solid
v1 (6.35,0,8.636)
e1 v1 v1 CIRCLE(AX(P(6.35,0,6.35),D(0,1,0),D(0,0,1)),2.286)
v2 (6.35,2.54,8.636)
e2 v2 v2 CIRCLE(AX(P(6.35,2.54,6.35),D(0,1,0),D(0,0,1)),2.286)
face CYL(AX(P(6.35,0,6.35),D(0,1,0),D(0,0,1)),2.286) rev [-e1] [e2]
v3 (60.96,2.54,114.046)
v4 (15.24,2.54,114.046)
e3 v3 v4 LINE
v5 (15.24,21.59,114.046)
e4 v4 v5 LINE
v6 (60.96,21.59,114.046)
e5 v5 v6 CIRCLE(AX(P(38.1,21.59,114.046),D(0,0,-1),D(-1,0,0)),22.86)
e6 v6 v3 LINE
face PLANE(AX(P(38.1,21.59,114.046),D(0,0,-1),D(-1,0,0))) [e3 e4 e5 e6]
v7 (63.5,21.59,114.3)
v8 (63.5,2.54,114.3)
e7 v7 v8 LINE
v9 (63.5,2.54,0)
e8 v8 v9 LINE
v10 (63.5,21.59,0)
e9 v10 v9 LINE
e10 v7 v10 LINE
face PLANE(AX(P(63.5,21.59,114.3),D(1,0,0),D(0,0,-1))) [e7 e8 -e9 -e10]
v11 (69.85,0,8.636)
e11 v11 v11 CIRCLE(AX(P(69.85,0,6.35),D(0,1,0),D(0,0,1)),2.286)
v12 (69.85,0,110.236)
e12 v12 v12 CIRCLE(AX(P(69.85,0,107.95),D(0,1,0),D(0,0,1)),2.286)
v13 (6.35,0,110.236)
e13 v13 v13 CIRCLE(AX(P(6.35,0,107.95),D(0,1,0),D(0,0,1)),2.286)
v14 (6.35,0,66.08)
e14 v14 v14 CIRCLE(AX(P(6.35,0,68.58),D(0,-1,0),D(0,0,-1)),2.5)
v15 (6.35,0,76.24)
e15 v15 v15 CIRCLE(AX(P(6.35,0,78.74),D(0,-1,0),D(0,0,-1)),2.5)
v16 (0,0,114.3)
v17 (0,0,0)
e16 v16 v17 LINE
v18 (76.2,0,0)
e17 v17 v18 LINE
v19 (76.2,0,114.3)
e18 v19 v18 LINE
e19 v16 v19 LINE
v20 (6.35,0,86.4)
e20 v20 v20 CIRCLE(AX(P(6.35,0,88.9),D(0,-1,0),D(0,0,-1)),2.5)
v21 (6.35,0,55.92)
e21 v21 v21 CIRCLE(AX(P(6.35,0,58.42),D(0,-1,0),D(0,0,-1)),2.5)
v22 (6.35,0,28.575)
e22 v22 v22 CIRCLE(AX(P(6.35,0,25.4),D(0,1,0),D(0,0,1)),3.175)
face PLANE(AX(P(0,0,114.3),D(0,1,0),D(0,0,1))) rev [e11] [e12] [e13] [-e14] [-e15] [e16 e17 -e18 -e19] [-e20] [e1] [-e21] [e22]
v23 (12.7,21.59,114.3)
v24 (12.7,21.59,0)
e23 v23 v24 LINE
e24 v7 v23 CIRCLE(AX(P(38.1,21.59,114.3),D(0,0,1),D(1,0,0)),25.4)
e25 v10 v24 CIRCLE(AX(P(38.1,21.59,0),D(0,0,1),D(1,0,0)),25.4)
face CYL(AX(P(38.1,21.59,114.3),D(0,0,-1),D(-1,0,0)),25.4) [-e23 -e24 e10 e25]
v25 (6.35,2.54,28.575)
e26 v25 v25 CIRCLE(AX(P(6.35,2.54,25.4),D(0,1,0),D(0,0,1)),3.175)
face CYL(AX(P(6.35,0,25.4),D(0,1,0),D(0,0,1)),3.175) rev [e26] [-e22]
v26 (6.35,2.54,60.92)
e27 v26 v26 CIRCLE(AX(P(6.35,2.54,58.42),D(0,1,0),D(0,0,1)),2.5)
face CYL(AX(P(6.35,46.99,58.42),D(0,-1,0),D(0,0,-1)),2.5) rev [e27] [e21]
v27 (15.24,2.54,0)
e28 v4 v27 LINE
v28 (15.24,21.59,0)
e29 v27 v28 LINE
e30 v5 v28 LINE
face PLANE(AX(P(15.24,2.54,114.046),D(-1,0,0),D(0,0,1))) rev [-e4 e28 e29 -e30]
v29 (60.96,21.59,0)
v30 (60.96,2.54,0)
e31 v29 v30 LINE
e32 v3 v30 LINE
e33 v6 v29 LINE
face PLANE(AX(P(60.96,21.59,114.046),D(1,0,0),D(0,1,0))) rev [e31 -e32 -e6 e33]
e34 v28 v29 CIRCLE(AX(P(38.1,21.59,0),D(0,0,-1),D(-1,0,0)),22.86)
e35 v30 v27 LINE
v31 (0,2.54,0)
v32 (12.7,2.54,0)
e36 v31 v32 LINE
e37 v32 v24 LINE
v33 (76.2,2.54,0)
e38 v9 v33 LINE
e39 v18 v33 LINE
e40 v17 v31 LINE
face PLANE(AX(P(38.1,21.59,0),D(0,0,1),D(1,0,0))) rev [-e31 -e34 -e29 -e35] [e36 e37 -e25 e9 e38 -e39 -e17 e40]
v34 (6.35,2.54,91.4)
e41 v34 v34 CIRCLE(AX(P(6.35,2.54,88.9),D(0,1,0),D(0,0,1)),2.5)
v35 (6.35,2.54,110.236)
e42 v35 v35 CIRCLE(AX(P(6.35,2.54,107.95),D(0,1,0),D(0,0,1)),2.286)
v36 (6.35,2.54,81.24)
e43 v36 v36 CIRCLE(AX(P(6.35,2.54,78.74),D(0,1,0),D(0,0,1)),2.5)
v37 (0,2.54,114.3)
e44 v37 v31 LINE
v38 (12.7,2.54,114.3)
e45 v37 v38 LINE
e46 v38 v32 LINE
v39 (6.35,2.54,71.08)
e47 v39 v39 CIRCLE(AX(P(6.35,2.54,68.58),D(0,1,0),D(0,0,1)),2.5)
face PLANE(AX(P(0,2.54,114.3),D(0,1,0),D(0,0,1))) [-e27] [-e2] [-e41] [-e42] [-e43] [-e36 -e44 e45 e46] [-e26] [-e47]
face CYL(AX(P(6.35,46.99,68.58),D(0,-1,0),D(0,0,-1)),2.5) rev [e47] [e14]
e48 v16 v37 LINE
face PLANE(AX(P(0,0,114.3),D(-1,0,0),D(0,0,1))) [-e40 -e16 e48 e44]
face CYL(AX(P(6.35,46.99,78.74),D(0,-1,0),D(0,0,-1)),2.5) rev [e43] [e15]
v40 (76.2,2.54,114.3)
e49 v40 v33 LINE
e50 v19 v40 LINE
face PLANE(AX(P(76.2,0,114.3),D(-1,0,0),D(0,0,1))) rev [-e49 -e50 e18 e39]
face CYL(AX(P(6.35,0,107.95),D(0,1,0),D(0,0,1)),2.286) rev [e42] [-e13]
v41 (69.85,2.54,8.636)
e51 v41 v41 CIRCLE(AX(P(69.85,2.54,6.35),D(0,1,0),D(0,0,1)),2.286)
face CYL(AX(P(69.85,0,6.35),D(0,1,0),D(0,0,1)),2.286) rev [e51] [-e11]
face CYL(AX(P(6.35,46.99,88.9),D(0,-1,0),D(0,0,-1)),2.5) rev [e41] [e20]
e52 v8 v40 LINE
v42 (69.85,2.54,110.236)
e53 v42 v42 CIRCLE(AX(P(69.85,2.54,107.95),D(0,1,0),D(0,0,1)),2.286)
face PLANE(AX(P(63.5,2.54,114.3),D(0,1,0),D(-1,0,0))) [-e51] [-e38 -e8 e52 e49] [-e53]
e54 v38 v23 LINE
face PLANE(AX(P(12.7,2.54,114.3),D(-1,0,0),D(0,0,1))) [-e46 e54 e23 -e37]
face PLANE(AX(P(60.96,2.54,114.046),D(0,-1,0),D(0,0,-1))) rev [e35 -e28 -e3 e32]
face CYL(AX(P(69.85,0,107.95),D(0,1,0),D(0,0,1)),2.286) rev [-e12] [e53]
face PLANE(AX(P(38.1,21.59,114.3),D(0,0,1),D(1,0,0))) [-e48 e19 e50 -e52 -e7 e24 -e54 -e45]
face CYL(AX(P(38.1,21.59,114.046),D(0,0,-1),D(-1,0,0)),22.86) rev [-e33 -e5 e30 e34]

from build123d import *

# Parameters (mm, degrees)
BOSS_EXTRUDE2_DEPTH = 114.3
SKETCH2_R           = 2.286
CUT_EXTRUDE1_DEPTH  = 145.383975911
CUT_EXTRUDE2_DEPTH  = 114.046
SKETCH5_R           = 2.499999953
CUT_EXTRUDE3_DEPTH  = 146.186053394
SKETCH7_R           = 3.175
CUT_EXTRUDE4_DEPTH  = 145.383975911


with BuildPart() as part:
    # Sketch1 → Boss-Extrude2 (new body)
    with BuildSketch(Plane.XY):
        with BuildLine():
            Line((0, 0), (76.2, 0))
            Line((76.2, 0), (76.2, 2.54))
            Line((76.2, 2.54), (63.5, 2.54))
            Line((63.5, 2.54), (63.5, 21.59))
            ThreePointArc((63.5, 21.59), (38.1, 46.99), (12.7, 21.59))
            Line((12.7, 21.59), (12.7, 2.54))
            Line((12.7, 2.54), (0, 2.54))
            Line((0, 2.54), (0, 0))
        make_face()
    extrude(amount=BOSS_EXTRUDE2_DEPTH)

    # Sketch2 → Cut-Extrude1 (cut, through all)
    with BuildSketch(Plane(origin=(0, 2.54, 0), x_dir=(1, 0, 0), z_dir=(0, 1, 0))):
        with Locations(Location((6.35, -6.35, 0), (0, 0, 270))):
            Circle(SKETCH2_R)
        with Locations(Location((69.85, -6.35, 0), (0, 0, 270))):
            Circle(SKETCH2_R)
        with Locations(Location((69.85, -107.95, 0), (0, 0, 270))):
            Circle(SKETCH2_R)
        with Locations(Location((6.35, -107.95, 0), (0, 0, 270))):
            Circle(SKETCH2_R)
    extrude(amount=-CUT_EXTRUDE1_DEPTH, mode=Mode.SUBTRACT)

    # Sketch4 → Cut-Extrude2 (cut)
    with BuildSketch(Plane(origin=(0, 0, 0), x_dir=(-1, 0, 0), z_dir=(0, 0, -1))):
        with BuildLine():
            Line((-60.96, 2.54), (-15.24, 2.54))
            Line((-15.24, 2.54), (-15.24, 21.59))
            ThreePointArc((-15.24, 21.59), (-38.1, 44.45), (-60.96, 21.59))
            Line((-60.96, 21.59), (-60.96, 2.54))
        make_face()
    extrude(amount=-CUT_EXTRUDE2_DEPTH, mode=Mode.SUBTRACT)

    # Sketch5 → Cut-Extrude3 (cut, through all)
    with BuildSketch(Plane(origin=(0, 0, 0), x_dir=(-1, 0, 0), z_dir=(0, -1, 0))):
        with Locations(Location((-6.35, -88.9, 0), (0, 0, 90))):
            Circle(SKETCH5_R)
        with Locations(Location((-6.35, -78.74, 0), (0, 0, 90))):
            Circle(SKETCH5_R)
        with Locations(Location((-6.35, -68.58, 0), (0, 0, 90))):
            Circle(SKETCH5_R)
        with Locations(Location((-6.35, -58.42, 0), (0, 0, 90))):
            Circle(SKETCH5_R)
    extrude(amount=-CUT_EXTRUDE3_DEPTH, mode=Mode.SUBTRACT)

    # Sketch7 → Cut-Extrude4 (cut, through all)
    with BuildSketch(Plane(origin=(0, 2.54, 0), x_dir=(1, 0, 0), z_dir=(0, 1, 0))):
        with Locations(Location((6.35, -25.4, 0), (0, 0, 270))):
            Circle(SKETCH7_R)
    extrude(amount=-CUT_EXTRUDE4_DEPTH, mode=Mode.SUBTRACT)


solid = part.part
